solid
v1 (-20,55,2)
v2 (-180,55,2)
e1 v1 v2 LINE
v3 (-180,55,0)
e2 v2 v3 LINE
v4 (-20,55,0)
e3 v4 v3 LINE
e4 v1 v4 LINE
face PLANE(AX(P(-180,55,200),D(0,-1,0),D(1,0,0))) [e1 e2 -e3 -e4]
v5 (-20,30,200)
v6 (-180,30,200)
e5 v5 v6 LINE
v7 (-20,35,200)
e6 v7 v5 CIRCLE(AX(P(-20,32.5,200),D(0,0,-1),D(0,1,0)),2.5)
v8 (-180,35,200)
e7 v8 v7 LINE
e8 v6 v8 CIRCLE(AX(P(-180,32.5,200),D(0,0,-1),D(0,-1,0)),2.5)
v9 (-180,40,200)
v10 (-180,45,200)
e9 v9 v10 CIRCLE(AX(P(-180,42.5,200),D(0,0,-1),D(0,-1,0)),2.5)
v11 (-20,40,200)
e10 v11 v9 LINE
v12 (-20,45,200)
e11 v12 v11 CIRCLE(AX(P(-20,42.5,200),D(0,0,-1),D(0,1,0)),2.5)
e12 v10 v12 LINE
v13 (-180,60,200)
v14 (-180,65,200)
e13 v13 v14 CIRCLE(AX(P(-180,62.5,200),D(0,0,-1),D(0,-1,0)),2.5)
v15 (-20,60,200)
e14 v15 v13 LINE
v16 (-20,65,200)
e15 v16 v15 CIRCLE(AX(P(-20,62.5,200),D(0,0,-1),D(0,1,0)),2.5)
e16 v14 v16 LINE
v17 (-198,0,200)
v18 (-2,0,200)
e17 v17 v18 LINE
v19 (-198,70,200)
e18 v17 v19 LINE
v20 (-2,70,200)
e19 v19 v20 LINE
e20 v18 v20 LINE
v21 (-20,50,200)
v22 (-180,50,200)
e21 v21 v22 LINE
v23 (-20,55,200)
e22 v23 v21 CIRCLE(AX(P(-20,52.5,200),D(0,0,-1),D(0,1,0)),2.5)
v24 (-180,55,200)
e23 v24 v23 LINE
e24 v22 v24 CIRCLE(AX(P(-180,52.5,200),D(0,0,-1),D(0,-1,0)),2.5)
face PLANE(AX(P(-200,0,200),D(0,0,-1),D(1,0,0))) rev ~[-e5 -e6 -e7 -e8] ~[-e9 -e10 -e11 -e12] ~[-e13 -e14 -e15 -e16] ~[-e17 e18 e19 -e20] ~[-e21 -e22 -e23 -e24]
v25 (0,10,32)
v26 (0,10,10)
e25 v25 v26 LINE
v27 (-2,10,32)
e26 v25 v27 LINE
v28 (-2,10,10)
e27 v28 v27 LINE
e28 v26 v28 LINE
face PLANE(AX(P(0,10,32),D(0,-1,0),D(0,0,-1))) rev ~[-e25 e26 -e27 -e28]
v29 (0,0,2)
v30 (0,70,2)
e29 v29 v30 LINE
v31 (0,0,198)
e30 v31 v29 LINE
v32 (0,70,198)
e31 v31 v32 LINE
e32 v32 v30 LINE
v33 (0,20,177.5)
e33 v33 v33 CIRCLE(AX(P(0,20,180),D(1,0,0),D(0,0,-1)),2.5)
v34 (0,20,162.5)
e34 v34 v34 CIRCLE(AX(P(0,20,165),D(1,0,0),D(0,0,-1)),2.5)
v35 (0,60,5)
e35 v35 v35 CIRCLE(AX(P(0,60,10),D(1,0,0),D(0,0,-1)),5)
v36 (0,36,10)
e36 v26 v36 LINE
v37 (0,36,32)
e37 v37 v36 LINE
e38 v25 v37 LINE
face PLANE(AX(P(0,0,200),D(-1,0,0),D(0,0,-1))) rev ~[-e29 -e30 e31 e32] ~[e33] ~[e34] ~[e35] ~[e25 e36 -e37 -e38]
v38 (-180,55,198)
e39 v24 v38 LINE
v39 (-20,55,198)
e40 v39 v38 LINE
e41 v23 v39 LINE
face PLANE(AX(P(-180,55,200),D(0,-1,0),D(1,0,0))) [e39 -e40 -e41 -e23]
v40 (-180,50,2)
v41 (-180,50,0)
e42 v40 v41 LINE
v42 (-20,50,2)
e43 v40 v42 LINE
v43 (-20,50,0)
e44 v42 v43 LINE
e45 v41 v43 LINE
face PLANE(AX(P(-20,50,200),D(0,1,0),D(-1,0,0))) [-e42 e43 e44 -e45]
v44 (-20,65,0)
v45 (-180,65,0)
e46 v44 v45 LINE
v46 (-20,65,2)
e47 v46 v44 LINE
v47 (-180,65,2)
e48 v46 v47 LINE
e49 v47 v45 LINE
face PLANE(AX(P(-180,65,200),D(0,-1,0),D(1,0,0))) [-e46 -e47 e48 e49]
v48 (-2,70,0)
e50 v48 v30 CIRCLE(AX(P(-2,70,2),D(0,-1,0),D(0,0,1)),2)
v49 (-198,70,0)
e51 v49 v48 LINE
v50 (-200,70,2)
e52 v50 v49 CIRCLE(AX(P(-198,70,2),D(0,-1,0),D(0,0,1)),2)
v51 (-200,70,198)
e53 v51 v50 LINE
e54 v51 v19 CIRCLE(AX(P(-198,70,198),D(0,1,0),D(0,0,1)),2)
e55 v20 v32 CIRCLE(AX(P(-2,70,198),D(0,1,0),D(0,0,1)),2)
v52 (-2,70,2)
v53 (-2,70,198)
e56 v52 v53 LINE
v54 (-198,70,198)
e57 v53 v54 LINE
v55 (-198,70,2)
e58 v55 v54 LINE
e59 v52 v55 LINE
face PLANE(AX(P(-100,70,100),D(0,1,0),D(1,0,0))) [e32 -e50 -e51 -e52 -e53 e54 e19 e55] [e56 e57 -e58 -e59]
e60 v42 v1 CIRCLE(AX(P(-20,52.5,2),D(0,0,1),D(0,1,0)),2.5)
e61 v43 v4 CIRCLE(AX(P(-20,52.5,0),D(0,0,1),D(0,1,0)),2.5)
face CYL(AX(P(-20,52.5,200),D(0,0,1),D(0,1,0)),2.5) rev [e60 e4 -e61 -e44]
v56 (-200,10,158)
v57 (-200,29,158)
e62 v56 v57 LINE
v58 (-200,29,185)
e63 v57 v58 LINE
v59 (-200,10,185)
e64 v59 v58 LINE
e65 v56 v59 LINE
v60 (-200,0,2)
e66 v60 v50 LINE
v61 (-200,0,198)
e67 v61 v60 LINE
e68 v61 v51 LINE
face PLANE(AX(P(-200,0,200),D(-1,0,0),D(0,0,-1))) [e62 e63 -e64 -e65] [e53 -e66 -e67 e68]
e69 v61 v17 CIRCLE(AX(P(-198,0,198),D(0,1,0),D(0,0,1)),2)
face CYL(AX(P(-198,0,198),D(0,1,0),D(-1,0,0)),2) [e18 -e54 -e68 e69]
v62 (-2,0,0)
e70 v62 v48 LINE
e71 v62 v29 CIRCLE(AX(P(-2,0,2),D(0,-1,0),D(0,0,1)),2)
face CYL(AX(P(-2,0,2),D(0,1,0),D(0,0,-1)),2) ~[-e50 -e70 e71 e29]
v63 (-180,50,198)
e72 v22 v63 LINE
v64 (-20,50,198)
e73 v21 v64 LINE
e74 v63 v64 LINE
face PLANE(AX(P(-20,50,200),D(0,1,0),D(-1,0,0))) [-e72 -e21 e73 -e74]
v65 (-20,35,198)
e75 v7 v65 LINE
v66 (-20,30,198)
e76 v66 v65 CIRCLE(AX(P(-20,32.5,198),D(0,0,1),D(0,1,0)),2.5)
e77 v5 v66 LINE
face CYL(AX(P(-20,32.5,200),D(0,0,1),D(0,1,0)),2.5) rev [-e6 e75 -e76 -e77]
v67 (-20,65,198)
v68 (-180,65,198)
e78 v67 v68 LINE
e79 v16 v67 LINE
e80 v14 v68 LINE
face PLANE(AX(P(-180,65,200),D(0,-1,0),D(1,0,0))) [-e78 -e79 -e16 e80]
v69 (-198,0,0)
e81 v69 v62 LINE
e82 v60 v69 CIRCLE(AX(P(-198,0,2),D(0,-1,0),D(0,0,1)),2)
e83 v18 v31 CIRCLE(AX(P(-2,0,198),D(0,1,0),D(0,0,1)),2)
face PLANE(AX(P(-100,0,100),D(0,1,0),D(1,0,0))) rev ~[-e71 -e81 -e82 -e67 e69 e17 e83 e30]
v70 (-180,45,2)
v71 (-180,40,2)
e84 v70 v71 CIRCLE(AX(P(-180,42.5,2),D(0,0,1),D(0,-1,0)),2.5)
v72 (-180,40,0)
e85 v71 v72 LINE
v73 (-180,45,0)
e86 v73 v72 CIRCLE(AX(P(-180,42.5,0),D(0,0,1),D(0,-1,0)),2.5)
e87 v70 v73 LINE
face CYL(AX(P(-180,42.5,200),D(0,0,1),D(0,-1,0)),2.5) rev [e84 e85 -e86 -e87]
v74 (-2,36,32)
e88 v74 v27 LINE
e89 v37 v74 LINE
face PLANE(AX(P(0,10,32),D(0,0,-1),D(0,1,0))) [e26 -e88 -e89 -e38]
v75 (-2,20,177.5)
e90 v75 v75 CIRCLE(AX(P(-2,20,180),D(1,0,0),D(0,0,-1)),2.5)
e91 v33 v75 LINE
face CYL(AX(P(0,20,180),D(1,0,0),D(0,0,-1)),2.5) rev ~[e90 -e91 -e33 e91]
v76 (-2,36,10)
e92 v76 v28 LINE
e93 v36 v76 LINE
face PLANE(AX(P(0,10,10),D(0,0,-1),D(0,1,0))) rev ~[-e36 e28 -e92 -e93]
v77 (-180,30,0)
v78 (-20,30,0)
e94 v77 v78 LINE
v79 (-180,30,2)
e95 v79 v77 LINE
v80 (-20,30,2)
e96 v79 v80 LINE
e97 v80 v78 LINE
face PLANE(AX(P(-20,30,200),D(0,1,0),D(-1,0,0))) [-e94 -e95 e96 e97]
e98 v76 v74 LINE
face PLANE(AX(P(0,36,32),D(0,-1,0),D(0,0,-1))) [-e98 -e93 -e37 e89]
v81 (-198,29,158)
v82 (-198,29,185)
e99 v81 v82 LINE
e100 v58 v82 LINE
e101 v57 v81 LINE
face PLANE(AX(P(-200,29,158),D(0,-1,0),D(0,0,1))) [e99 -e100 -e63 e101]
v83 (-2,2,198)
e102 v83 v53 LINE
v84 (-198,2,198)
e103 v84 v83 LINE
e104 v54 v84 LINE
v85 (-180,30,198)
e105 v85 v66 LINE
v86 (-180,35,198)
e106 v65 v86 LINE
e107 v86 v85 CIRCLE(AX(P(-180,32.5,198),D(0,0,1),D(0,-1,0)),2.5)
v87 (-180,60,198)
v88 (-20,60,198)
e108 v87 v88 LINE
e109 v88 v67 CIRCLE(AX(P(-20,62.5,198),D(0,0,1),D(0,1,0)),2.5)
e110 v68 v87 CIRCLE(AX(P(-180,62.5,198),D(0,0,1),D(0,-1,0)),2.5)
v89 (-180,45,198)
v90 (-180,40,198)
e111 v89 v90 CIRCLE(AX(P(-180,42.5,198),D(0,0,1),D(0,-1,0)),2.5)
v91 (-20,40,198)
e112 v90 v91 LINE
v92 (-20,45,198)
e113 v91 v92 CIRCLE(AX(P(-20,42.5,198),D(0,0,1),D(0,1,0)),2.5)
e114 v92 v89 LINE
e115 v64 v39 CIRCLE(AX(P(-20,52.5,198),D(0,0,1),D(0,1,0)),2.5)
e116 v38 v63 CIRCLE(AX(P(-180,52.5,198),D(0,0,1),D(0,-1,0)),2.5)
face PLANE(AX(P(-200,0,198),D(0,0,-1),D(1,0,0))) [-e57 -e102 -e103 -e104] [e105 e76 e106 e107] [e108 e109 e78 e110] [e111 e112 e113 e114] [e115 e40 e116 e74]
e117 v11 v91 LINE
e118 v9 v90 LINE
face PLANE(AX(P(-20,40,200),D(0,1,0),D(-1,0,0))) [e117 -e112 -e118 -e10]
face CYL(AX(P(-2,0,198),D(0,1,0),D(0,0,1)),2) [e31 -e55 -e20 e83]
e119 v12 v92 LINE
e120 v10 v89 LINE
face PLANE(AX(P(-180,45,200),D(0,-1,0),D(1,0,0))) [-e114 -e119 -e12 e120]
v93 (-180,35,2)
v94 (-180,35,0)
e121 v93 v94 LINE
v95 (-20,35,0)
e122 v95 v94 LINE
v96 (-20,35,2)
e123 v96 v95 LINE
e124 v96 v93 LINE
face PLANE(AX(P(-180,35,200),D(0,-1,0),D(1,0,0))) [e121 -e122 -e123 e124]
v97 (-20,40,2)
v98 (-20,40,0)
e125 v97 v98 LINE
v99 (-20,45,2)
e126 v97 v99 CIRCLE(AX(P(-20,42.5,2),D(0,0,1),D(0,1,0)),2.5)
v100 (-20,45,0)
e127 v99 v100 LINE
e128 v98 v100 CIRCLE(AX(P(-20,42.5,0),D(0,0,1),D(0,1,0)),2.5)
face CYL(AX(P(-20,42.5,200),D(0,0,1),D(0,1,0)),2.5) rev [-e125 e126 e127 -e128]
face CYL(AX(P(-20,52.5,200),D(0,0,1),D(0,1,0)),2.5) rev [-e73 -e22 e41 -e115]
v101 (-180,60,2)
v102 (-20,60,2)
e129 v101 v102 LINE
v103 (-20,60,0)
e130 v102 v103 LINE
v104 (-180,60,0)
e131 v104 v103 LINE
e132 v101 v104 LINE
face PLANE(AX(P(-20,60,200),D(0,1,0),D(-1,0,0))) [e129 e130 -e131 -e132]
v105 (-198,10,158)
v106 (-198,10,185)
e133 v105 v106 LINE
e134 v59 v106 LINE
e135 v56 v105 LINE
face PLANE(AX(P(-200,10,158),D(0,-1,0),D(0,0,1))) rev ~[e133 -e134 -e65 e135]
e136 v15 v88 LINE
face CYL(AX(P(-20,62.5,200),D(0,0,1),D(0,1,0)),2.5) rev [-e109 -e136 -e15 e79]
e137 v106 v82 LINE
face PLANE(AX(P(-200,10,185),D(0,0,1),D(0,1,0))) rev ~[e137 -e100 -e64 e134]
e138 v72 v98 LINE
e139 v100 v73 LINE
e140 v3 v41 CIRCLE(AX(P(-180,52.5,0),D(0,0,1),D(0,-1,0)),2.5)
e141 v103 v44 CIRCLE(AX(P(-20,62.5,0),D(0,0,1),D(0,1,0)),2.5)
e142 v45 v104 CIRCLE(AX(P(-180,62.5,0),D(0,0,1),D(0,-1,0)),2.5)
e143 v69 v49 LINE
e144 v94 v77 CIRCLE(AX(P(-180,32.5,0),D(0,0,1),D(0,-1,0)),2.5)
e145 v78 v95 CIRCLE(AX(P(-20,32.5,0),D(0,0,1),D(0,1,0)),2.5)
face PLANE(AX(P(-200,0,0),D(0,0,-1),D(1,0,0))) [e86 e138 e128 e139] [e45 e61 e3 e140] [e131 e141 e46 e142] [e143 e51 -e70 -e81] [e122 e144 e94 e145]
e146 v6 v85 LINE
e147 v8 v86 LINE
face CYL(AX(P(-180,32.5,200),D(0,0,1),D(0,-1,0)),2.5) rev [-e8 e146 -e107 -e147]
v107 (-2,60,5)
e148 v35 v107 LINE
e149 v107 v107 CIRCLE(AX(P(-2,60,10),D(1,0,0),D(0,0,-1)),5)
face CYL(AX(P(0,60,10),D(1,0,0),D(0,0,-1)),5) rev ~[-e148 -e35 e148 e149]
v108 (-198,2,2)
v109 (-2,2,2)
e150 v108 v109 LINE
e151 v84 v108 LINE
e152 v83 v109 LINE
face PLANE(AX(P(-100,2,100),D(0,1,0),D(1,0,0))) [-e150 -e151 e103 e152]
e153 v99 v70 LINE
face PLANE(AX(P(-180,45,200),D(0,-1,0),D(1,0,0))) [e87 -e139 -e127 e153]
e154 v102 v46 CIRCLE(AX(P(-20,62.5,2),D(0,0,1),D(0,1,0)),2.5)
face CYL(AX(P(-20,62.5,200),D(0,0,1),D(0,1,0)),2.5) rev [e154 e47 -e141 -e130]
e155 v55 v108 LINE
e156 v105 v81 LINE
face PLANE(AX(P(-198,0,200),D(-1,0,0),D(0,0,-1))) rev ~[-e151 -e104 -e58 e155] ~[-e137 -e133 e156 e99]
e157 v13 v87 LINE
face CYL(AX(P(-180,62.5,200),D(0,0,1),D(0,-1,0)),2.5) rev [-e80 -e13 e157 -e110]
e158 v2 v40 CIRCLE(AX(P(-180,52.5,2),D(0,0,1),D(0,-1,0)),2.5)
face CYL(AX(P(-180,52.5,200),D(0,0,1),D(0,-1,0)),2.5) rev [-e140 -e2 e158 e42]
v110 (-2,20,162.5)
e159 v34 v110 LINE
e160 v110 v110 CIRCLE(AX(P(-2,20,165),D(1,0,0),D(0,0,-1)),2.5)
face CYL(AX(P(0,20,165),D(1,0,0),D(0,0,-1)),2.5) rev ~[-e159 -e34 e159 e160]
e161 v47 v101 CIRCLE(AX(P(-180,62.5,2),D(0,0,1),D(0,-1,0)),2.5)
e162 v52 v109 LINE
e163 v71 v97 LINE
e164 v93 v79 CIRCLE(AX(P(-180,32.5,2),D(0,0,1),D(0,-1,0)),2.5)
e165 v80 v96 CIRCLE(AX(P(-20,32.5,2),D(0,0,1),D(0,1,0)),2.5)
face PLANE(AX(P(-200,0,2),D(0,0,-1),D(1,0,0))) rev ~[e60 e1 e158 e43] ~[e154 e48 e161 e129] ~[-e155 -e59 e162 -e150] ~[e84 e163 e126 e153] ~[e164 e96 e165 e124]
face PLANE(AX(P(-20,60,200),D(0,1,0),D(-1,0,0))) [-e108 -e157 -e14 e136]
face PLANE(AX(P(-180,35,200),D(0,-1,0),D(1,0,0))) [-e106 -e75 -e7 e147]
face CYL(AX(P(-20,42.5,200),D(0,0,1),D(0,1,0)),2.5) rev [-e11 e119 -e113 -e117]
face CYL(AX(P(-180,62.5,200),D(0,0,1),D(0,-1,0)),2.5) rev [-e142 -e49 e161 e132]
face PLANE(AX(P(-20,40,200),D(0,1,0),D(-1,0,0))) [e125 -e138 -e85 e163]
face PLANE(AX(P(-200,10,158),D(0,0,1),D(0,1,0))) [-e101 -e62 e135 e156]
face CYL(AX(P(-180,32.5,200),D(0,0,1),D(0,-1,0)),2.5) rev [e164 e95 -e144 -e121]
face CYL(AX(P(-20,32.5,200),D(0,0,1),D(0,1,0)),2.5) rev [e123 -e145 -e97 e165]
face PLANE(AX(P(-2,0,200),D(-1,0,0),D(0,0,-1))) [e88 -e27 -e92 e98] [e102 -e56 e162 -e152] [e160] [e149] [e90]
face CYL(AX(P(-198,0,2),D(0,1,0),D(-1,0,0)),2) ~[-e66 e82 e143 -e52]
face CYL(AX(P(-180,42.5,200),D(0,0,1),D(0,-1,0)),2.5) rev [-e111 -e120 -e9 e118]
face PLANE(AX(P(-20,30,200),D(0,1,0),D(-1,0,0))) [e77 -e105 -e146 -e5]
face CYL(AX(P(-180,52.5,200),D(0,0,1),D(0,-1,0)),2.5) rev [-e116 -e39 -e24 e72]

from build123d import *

# Parameters (mm, degrees)
SKETCH2_W               = 200
SKETCH2_H               = 200
BOSS_EXTRUDE1_DEPTH     = 70
SHELL2_T                = -2
CUT_EXTRUDE1_DEPTH      = 1
CUT_EXTRUDE1_DEPTH_BACK = 201
SKETCH5_W               = 22
SKETCH5_H               = 26
CUT_EXTRUDE2_DEPTH      = 7
SKETCH6_W               = 27
SKETCH6_H               = 19
CUT_EXTRUDE3_DEPTH      = 7
SKETCH7_R               = 2.5
CUT_EXTRUDE4_DEPTH      = 7
SKETCH8_R               = 5
CUT_EXTRUDE5_DEPTH      = 2
FILLET2_R               = 2


with BuildPart() as part:
    # Sketch2 → Boss-Extrude1 (new body)
    with BuildSketch(Plane(origin=(0, 0, 0), x_dir=(1, 0, 0), z_dir=(0, 1, 0))):
        with Locations((-100, -100)):
            Rectangle(SKETCH2_W, SKETCH2_H)
    extrude(amount=BOSS_EXTRUDE1_DEPTH)

    # Shell2
    shell2_openings = [part.faces().sort_by_distance(p)[0] for p in [
        (-100, 70, 100),
    ]]
    offset(amount=SHELL2_T, openings=shell2_openings, kind=Kind.INTERSECTION)

    # Sketch3 → Cut-Extrude1 (cut, two sides)
    with BuildSketch(Plane.XY.offset(200)) as cut_extrude1_sk:
        with BuildLine():
            Line((-180, 65), (-20, 65))
            ThreePointArc((-20, 65), (-17.5, 62.5), (-20, 60))
            Line((-20, 60), (-180, 60))
            ThreePointArc((-180, 60), (-182.5, 62.5), (-180, 65))
        make_face()
        with BuildLine():
            Line((-180, 55), (-20, 55))
            ThreePointArc((-20, 55), (-17.5, 52.5), (-20, 50))
            Line((-20, 50), (-180, 50))
            ThreePointArc((-180, 50), (-182.5, 52.5), (-180, 55))
        make_face()
        with BuildLine():
            Line((-180, 45), (-20, 45))
            ThreePointArc((-20, 45), (-17.5, 42.5), (-20, 40))
            Line((-20, 40), (-180, 40))
            ThreePointArc((-180, 40), (-182.5, 42.5), (-180, 45))
        make_face()
        with BuildLine():
            Line((-180, 35), (-20, 35))
            ThreePointArc((-20, 35), (-17.5, 32.5), (-20, 30))
            Line((-20, 30), (-180, 30))
            ThreePointArc((-180, 30), (-182.5, 32.5), (-180, 35))
        make_face()
    extrude(amount=CUT_EXTRUDE1_DEPTH, mode=Mode.SUBTRACT)
    extrude(cut_extrude1_sk.sketch, amount=-CUT_EXTRUDE1_DEPTH_BACK, mode=Mode.SUBTRACT)

    # Sketch5 → Cut-Extrude2 (cut)
    with BuildSketch(Plane(origin=(0, 0, 0), x_dir=(0, 0, -1), z_dir=(1, 0, 0))):
        with Locations((-21, 23)):
            Rectangle(SKETCH5_W, SKETCH5_H)
    extrude(amount=-CUT_EXTRUDE2_DEPTH, mode=Mode.SUBTRACT)

    # Sketch6 → Cut-Extrude3 (cut)
    with BuildSketch(Plane.ZY.offset(200)):
        with Locations((171.5, 19.5)):
            Rectangle(SKETCH6_W, SKETCH6_H)
    extrude(amount=-CUT_EXTRUDE3_DEPTH, mode=Mode.SUBTRACT)

    # Sketch7 → Cut-Extrude4 (cut)
    with BuildSketch(Plane(origin=(0, 0, 0), x_dir=(0, 0, -1), z_dir=(1, 0, 0))):
        with Locations((-180, 20)):
            Circle(SKETCH7_R)
        with Locations((-165, 20)):
            Circle(SKETCH7_R)
    extrude(amount=-CUT_EXTRUDE4_DEPTH, mode=Mode.SUBTRACT)

    # Sketch8 → Cut-Extrude5 (cut)
    with BuildSketch(Plane(origin=(0, 0, 0), x_dir=(0, 0, -1), z_dir=(1, 0, 0))):
        with Locations((-10, 60)):
            Circle(SKETCH8_R)
    extrude(amount=-CUT_EXTRUDE5_DEPTH, mode=Mode.SUBTRACT)

    # Fillet2
    fillet2_edges = [part.edges().sort_by_distance(p)[0] for p in [
        (0, 35, 200),
        (-200, 35, 200),
        (-200, 35, 0),
        (0, 35, 0),
    ]]
    fillet(fillet2_edges, radius=FILLET2_R)


solid = part.part
